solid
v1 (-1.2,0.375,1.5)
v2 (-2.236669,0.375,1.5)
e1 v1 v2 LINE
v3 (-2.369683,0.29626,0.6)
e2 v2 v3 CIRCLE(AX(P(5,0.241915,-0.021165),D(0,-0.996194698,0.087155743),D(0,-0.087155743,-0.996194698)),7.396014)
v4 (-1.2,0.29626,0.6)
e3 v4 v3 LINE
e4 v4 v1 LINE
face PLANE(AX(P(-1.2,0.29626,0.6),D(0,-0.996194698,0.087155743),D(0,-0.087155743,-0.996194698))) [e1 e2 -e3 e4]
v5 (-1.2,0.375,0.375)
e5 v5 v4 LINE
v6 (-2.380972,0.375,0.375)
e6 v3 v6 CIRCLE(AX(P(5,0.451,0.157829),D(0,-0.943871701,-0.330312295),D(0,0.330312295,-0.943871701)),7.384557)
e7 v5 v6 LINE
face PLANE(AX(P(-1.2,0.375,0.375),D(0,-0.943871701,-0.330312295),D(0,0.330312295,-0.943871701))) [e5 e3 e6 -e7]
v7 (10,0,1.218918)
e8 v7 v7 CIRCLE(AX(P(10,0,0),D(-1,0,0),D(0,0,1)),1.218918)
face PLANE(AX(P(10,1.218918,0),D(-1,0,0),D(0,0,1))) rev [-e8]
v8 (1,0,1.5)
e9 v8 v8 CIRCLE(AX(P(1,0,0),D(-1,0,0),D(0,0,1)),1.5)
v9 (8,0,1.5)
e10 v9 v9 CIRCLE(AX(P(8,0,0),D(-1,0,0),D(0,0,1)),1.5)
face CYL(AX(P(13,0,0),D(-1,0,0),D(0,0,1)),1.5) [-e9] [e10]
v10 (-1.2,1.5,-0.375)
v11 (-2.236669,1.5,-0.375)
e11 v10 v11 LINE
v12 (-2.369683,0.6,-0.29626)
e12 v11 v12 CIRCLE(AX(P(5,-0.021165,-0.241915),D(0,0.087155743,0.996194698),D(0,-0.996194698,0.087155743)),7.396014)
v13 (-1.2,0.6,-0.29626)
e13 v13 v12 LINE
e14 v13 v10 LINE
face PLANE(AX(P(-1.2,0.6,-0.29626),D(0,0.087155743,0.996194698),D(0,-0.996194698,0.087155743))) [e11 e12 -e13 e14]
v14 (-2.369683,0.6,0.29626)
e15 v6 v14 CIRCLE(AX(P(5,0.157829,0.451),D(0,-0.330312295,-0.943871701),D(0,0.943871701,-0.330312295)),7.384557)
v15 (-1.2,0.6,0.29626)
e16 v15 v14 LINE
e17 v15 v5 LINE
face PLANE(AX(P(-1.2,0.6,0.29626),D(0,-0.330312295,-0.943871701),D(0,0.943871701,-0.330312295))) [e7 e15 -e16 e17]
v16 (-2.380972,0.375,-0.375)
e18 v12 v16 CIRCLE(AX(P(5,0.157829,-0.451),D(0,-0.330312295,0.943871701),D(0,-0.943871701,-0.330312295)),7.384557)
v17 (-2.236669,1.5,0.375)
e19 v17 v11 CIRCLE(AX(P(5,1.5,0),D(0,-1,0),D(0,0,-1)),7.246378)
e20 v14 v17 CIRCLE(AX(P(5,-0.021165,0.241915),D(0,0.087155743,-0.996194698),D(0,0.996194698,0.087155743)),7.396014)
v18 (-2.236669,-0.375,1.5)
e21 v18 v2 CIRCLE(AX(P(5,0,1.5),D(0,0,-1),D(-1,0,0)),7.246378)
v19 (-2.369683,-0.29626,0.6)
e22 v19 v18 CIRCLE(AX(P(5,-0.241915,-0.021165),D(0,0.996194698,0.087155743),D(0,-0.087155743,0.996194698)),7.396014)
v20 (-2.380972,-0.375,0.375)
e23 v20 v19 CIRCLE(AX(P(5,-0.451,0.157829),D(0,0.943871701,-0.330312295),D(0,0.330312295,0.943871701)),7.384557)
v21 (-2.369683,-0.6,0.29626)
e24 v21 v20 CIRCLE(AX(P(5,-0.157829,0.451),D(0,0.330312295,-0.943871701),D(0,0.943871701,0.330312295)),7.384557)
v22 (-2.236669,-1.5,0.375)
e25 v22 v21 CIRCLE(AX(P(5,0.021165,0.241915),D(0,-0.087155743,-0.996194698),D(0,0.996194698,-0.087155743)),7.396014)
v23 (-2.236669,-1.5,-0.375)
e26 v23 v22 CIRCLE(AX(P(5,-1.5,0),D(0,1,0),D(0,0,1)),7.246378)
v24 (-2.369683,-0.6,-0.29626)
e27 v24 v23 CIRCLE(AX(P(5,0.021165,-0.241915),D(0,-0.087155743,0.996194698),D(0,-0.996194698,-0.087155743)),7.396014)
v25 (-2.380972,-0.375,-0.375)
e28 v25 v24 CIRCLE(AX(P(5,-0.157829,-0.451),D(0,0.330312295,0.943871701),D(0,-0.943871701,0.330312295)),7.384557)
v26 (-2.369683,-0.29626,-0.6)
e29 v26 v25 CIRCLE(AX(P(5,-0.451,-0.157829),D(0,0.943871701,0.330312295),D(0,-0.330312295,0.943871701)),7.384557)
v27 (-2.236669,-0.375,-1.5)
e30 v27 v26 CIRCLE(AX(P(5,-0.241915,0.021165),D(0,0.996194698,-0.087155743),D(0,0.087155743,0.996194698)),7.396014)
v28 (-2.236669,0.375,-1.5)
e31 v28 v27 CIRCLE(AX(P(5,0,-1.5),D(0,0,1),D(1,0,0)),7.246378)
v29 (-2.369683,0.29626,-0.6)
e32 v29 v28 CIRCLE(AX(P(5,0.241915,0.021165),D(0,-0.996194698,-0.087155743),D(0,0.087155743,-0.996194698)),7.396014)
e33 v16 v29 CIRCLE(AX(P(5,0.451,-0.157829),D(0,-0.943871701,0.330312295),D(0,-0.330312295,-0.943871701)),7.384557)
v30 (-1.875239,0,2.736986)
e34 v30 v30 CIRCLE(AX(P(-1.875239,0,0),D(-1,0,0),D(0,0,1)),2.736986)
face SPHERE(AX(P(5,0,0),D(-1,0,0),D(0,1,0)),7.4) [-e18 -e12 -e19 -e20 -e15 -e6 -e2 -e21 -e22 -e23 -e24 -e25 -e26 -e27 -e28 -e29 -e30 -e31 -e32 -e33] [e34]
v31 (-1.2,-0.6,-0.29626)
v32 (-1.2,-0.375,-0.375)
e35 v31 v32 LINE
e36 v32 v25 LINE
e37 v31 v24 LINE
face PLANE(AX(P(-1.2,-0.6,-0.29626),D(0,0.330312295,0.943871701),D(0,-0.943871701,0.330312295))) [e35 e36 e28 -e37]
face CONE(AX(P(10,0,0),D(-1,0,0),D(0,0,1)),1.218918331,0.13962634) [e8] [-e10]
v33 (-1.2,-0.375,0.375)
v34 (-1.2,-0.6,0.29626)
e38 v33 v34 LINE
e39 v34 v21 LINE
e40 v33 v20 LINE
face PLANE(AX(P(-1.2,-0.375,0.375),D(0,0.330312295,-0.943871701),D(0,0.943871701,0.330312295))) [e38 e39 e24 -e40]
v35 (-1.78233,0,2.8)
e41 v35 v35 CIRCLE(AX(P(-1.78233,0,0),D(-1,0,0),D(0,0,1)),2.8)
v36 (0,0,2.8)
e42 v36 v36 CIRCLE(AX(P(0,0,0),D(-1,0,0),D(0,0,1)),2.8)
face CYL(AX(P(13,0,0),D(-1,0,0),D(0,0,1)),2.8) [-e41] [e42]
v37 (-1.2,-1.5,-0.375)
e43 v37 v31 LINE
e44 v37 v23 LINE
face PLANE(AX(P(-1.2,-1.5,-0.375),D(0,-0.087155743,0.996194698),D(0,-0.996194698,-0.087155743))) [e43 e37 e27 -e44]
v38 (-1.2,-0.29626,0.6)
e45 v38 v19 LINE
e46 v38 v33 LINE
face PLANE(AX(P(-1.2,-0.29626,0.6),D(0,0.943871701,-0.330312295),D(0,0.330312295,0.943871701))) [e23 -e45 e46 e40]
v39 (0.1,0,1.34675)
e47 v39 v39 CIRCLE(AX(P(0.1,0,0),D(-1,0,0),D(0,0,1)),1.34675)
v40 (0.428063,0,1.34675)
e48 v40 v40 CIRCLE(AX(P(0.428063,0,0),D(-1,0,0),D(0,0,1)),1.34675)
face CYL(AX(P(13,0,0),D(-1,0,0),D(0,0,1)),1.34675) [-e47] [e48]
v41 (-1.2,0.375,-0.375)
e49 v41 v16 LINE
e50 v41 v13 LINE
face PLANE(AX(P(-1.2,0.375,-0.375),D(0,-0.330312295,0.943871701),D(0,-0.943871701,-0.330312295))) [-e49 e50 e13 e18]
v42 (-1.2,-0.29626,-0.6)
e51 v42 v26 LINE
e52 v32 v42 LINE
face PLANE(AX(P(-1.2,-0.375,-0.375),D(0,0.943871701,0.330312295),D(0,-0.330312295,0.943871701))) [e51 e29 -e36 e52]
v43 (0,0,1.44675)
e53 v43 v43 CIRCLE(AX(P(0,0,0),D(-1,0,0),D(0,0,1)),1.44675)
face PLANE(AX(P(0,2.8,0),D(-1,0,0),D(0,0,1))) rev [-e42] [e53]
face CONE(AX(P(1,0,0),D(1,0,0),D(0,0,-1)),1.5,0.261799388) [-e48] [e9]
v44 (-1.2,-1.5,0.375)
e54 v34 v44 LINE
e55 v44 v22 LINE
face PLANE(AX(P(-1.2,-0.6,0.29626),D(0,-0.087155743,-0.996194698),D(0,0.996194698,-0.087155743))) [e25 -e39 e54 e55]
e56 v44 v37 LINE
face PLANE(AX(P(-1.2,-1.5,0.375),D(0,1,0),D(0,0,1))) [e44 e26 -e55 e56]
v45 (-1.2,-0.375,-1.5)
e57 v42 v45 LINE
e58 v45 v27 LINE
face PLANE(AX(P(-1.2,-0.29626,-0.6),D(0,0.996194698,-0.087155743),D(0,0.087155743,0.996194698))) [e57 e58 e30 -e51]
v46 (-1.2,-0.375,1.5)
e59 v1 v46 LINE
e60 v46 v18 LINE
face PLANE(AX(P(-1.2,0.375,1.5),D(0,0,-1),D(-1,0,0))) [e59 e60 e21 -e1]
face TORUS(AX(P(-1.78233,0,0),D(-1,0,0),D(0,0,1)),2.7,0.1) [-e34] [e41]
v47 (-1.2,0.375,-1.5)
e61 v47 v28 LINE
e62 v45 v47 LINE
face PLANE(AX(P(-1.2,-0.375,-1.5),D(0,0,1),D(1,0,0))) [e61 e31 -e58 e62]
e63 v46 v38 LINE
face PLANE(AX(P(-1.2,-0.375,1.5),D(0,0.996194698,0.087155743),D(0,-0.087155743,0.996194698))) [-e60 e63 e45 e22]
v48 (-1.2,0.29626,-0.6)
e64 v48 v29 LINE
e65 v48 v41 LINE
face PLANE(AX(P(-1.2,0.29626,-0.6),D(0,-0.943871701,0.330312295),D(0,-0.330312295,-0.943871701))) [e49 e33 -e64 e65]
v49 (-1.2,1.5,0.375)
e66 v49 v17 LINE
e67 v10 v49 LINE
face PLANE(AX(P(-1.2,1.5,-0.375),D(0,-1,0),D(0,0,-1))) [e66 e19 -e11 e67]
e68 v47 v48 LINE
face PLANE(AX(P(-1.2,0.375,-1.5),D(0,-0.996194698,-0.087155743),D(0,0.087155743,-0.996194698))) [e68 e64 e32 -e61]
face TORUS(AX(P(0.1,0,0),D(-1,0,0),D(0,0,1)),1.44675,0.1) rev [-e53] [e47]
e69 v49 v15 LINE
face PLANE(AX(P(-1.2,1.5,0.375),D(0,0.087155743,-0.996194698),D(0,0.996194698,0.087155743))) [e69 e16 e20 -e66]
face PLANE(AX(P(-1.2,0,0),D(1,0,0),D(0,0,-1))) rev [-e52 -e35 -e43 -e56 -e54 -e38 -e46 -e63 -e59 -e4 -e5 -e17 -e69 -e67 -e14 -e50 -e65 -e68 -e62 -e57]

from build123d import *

# Parameters (mm, degrees)
CUT_EXTRUDE1_DEPTH      = 1.2
CUT_EXTRUDE1_DEPTH_BACK = 1.2


with BuildPart() as part:
    # Sketch1 → Revolve1 (revolve)
    with BuildSketch(Plane.XY):
        with BuildLine():
            Line((-1.782329983, 2.8), (0, 2.8))
            Line((0, 2.8), (0, 1.44675))
            ThreePointArc((0, 1.44675), (0.029289322, 1.376039322), (0.1, 1.34675))
            Line((0.1, 1.34675), (0.428063214, 1.34675))
            Line((0.428063214, 1.34675), (1, 1.5))
            Line((1, 1.5), (8, 1.5))
            Line((8, 1.5), (10, 1.218918331))
            Line((10, 1.218918331), (10, 0))
            Line((10, 0), (-2.4, 0))
            ThreePointArc((-2.4, 0), (-2.267625669, 1.393419223), (-1.875238613, 2.736986301))
            ThreePointArc((-1.875238613, 2.736986301), (-1.838460945, 2.782760589), (-1.782329983, 2.8))
        make_face()
    revolve(axis=Axis((13, 0, 0), (-1, 0, 0)))

    # Sketch2 → Cut-Extrude1 (cut, two sides)
    with BuildSketch(Plane(origin=(-2.4, 0, 0), x_dir=(0, 0, -1), z_dir=(1, 0, 0))) as cut_extrude1_sk:
        Polygon((-1.5, 0.375), (-1.5, -0.375), (-0.6, -0.296260203), (-0.375, -0.375), (-0.296260203, -0.6), (-0.375, -1.5), (0.375, -1.5), (0.296260203, -0.6), (0.375, -0.375), (0.6, -0.296260203), (1.5, -0.375), (1.5, 0.375), (0.6, 0.296260203), (0.375, 0.375), (0.296260203, 0.6), (0.375, 1.5), (-0.375, 1.5), (-0.296260203, 0.6), (-0.375, 0.375), (-0.6, 0.296260203), align=None)
    extrude(amount=CUT_EXTRUDE1_DEPTH, mode=Mode.SUBTRACT)
    extrude(cut_extrude1_sk.sketch, amount=-CUT_EXTRUDE1_DEPTH_BACK, mode=Mode.SUBTRACT)


solid = part.part
